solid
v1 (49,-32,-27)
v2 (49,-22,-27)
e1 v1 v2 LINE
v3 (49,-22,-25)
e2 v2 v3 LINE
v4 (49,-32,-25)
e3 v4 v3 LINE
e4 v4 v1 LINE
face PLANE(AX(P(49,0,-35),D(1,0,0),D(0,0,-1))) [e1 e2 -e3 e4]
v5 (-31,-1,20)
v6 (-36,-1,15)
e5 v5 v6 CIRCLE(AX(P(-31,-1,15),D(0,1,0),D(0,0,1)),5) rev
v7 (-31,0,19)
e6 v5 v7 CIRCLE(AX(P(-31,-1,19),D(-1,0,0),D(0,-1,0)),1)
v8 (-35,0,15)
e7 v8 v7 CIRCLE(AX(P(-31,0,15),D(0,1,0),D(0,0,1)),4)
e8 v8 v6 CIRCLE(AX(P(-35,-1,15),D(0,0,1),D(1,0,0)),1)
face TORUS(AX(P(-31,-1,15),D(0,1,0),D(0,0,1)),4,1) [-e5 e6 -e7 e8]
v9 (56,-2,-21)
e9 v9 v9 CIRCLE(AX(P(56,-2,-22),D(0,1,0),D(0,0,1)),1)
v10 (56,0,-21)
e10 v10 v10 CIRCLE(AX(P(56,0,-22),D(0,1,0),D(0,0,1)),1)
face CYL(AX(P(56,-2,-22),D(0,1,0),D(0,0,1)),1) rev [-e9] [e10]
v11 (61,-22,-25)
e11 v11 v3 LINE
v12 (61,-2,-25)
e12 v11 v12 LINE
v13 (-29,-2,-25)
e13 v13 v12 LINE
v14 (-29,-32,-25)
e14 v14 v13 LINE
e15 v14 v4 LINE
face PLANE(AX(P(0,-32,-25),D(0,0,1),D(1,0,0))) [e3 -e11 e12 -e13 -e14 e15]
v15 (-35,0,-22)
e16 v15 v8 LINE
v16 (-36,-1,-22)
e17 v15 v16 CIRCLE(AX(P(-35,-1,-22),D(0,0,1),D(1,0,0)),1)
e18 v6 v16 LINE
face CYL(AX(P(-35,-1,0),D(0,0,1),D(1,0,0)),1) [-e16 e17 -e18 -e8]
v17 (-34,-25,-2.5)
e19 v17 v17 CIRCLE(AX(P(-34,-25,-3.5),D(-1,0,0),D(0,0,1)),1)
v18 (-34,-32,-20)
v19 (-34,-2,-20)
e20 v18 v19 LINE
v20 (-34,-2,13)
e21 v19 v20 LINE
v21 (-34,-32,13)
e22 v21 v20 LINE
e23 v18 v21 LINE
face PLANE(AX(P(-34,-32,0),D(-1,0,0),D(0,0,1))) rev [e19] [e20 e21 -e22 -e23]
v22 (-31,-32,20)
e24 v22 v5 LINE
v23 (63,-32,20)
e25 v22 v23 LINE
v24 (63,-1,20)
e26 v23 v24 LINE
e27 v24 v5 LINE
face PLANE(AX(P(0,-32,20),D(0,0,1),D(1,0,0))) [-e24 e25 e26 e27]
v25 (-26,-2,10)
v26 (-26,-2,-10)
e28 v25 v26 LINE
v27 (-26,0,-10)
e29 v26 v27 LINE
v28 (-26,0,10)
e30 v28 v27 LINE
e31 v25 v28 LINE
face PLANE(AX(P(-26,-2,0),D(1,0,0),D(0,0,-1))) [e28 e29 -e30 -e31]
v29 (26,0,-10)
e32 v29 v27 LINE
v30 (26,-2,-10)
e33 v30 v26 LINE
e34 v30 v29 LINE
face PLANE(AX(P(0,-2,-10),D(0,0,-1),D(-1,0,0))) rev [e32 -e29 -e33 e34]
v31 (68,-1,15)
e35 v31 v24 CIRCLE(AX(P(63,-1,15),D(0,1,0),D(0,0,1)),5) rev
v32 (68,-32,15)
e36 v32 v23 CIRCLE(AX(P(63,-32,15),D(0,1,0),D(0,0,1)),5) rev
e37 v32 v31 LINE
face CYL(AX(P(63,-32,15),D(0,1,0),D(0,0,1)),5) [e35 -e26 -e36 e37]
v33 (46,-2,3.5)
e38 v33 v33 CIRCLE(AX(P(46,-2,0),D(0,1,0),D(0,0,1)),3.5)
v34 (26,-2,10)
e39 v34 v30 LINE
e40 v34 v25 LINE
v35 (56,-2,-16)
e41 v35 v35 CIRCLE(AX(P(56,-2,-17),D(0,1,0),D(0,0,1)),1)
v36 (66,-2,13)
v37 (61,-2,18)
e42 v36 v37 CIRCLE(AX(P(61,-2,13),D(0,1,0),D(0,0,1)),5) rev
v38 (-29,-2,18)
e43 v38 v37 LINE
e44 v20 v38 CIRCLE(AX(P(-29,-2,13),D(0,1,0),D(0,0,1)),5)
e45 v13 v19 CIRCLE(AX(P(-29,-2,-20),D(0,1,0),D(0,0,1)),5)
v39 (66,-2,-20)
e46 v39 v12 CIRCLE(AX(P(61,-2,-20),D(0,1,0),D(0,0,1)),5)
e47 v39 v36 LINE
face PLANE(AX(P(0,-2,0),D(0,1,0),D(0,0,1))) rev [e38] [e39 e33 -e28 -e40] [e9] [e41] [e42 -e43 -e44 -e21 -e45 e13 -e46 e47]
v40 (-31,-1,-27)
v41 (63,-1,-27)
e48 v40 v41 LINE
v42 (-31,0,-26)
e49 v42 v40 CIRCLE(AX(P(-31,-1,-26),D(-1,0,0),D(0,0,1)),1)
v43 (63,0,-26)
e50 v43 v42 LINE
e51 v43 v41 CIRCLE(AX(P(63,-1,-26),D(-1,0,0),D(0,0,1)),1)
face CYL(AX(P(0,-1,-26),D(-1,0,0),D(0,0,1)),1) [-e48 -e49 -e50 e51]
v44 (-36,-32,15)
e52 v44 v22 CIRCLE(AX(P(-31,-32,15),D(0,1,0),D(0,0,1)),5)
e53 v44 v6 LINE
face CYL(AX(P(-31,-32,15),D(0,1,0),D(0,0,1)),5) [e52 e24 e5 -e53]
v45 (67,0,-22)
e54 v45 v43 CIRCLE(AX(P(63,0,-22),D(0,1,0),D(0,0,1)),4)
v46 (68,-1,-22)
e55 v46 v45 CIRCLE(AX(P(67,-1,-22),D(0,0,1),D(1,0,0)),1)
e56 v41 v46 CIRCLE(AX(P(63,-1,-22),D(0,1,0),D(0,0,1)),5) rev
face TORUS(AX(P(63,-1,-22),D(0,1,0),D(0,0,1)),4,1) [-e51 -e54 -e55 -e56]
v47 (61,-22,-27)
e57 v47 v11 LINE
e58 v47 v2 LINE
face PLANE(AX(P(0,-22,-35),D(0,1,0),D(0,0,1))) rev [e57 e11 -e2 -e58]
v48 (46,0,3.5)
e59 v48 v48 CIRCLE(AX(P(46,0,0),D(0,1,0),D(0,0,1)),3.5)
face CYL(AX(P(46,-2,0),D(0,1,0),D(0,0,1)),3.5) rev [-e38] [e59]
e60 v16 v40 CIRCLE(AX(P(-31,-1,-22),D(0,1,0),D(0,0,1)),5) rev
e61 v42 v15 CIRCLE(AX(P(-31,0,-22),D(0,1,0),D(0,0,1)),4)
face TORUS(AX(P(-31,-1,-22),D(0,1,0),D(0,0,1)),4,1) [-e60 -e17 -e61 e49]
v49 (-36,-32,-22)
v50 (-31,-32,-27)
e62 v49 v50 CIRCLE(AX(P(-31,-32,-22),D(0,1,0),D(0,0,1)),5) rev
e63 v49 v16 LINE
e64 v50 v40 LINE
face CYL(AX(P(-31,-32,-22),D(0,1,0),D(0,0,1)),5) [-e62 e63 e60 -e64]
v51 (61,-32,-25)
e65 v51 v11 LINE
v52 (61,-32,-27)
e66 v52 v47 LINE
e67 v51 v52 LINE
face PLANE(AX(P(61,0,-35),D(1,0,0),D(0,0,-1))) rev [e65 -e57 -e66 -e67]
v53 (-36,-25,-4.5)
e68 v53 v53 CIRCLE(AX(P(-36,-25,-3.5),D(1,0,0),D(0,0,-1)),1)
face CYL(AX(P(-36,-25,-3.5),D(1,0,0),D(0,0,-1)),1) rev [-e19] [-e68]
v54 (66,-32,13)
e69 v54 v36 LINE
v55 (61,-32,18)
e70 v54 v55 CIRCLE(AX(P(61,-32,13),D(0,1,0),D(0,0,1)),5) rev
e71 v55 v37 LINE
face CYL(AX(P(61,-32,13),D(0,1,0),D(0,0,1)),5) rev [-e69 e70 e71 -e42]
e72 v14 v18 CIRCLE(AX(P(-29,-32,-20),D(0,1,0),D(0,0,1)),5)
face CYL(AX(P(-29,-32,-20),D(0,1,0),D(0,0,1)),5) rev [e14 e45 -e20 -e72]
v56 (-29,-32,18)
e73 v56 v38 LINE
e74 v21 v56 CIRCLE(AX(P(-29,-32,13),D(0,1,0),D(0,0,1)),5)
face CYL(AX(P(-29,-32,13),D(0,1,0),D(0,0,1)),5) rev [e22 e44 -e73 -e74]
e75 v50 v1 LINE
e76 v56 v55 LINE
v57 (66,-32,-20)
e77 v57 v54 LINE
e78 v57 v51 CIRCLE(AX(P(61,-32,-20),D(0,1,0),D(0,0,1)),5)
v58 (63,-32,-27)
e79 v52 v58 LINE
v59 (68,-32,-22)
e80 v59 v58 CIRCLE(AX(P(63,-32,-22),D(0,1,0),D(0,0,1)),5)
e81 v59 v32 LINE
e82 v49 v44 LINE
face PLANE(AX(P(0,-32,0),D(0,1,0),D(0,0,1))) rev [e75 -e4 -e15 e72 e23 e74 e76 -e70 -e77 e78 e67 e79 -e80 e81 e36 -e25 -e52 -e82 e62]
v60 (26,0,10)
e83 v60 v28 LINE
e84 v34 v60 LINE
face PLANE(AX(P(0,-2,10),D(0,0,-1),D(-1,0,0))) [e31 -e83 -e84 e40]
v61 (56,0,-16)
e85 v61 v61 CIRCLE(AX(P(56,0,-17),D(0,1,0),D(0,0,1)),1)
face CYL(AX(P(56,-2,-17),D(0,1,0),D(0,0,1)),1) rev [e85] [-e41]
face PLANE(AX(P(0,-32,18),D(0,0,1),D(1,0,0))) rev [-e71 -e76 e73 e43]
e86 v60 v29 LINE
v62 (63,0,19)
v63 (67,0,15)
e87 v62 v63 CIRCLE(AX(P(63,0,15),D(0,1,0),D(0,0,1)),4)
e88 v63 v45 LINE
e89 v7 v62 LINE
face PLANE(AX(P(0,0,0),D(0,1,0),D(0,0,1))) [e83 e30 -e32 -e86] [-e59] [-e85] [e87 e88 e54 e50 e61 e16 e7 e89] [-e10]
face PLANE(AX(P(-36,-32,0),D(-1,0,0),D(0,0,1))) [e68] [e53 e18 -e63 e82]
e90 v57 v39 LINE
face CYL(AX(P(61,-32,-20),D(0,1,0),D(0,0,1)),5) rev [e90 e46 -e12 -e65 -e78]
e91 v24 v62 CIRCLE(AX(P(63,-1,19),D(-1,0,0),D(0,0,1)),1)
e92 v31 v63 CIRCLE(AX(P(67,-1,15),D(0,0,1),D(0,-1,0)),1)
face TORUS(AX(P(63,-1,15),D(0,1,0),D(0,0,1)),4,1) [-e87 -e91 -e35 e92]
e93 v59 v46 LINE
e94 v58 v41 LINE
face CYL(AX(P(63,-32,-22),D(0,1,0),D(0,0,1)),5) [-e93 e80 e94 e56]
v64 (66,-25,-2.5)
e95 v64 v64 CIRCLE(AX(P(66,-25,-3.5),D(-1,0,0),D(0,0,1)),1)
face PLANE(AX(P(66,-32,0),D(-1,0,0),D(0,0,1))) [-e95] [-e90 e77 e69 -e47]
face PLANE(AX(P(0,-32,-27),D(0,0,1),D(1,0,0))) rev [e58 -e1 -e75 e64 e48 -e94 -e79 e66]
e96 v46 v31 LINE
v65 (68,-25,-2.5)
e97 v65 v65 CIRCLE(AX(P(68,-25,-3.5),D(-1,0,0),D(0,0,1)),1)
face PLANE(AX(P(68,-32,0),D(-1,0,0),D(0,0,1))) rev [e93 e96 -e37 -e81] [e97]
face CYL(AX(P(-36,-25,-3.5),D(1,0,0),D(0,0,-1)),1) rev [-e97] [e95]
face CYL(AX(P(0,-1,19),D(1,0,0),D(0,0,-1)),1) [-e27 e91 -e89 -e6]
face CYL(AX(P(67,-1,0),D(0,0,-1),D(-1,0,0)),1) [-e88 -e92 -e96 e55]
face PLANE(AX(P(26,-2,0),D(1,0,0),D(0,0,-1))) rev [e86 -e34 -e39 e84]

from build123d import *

# Parameters (mm, degrees)
SKETCH_1_R               = 3.5
SKETCH_1_R_2             = 1
SKETCH_1_W               = 52
SKETCH_1_H               = 20
EXTRUDE_1_DEPTH          = 2
EXTRUDE_2_DEPTH          = 32
FILLET_2_R               = 1
SKETCH_2_R               = 1
CUT_EXTRUDE_1_DEPTH      = 1
CUT_EXTRUDE_1_DEPTH_BACK = 105
SKETCH_3_W               = 12
SKETCH_3_H               = 10
CUT_EXTRUDE_2_DEPTH      = 10


with BuildPart() as part:
    # Эскиз1 → Бобышка-Вытянуть1 (new body)
    with BuildSketch(Plane(origin=(0, 0, 0), x_dir=(1, 0, 0), z_dir=(0, 1, 0))):
        with BuildLine():
            Line((-29, 25), (61, 25))
            ThreePointArc((61, 25), (64.535533906, 23.535533906), (66, 20))
            Line((66, 20), (66, -13))
            ThreePointArc((66, -13), (64.535533906, -16.535533906), (61, -18))
            Line((61, -18), (-29, -18))
            ThreePointArc((-29, -18), (-32.535533906, -16.535533906), (-34, -13))
            Line((-34, -13), (-34, 20))
            ThreePointArc((-34, 20), (-32.535533906, 23.535533906), (-29, 25))
        make_face()
        with Locations((46, 0)):
            Circle(SKETCH_1_R, mode=Mode.SUBTRACT)
        with Locations((56, 22)):
            Circle(SKETCH_1_R_2, mode=Mode.SUBTRACT)
        with Locations((56, 17)):
            Circle(SKETCH_1_R_2, mode=Mode.SUBTRACT)
        Rectangle(SKETCH_1_W, SKETCH_1_H, mode=Mode.SUBTRACT)
    extrude(amount=-EXTRUDE_1_DEPTH)

    # Эскиз1<3> → Бобышка-Вытянуть2 (add)
    with BuildSketch(Plane(origin=(0, 0, 0), x_dir=(1, 0, 0), z_dir=(0, 1, 0))):
        with BuildLine():
            Line((-31, 27), (63, 27))
            ThreePointArc((63, 27), (66.535533906, 25.535533906), (68, 22))
            Line((68, 22), (68, -15))
            ThreePointArc((68, -15), (66.535533906, -18.535533906), (63, -20))
            Line((63, -20), (-31, -20))
            ThreePointArc((-31, -20), (-34.535533906, -18.535533906), (-36, -15))
            Line((-36, -15), (-36, 22))
            ThreePointArc((-36, 22), (-34.535533906, 25.535533906), (-31, 27))
        make_face()
        with BuildLine():
            Line((-29, 25), (61, 25))
            ThreePointArc((61, 25), (64.535533906, 23.535533906), (66, 20))
            Line((66, 20), (66, -13))
            ThreePointArc((66, -13), (64.535533906, -16.535533906), (61, -18))
            Line((61, -18), (-29, -18))
            ThreePointArc((-29, -18), (-32.535533906, -16.535533906), (-34, -13))
            Line((-34, -13), (-34, 20))
            ThreePointArc((-34, 20), (-32.535533906, 23.535533906), (-29, 25))
        make_face(mode=Mode.SUBTRACT)
    extrude(amount=-EXTRUDE_2_DEPTH)

    # Скругление2
    fillet_2_edges = [part.edges().sort_by_distance(p)[0] for p in [
        (-34.535533906, 0, -25.535533906),
        (16, 0, -27),
        (68, 0, -3.5),
        (66.535533906, 0, 18.535533906),
        (-36, 0, -3.5),
        (-34.535533906, 0, 18.535533906),
        (16, 0, 20),
        (66.535533906, 0, -25.535533906),
    ]]
    fillet(fillet_2_edges, radius=FILLET_2_R)

    # Эскиз2 → Вырез-Вытянуть1 (cut, two sides)
    with BuildSketch(Plane(origin=(68, 0, 0), x_dir=(0, 0, -1), z_dir=(1, 0, 0))) as cut_extrude_1_sk:
        with Locations((3.5, -25)):
            Circle(SKETCH_2_R)
    extrude(amount=CUT_EXTRUDE_1_DEPTH, mode=Mode.SUBTRACT)
    extrude(cut_extrude_1_sk.sketch, amount=-CUT_EXTRUDE_1_DEPTH_BACK, mode=Mode.SUBTRACT)

    # Эскиз3 → Вырез-Вытянуть2 (cut)
    with BuildSketch(Plane.XY.offset(-25)):
        with Locations((55, -27)):
            Rectangle(SKETCH_3_W, SKETCH_3_H)
    extrude(amount=-CUT_EXTRUDE_2_DEPTH, mode=Mode.SUBTRACT)


solid = part.part
